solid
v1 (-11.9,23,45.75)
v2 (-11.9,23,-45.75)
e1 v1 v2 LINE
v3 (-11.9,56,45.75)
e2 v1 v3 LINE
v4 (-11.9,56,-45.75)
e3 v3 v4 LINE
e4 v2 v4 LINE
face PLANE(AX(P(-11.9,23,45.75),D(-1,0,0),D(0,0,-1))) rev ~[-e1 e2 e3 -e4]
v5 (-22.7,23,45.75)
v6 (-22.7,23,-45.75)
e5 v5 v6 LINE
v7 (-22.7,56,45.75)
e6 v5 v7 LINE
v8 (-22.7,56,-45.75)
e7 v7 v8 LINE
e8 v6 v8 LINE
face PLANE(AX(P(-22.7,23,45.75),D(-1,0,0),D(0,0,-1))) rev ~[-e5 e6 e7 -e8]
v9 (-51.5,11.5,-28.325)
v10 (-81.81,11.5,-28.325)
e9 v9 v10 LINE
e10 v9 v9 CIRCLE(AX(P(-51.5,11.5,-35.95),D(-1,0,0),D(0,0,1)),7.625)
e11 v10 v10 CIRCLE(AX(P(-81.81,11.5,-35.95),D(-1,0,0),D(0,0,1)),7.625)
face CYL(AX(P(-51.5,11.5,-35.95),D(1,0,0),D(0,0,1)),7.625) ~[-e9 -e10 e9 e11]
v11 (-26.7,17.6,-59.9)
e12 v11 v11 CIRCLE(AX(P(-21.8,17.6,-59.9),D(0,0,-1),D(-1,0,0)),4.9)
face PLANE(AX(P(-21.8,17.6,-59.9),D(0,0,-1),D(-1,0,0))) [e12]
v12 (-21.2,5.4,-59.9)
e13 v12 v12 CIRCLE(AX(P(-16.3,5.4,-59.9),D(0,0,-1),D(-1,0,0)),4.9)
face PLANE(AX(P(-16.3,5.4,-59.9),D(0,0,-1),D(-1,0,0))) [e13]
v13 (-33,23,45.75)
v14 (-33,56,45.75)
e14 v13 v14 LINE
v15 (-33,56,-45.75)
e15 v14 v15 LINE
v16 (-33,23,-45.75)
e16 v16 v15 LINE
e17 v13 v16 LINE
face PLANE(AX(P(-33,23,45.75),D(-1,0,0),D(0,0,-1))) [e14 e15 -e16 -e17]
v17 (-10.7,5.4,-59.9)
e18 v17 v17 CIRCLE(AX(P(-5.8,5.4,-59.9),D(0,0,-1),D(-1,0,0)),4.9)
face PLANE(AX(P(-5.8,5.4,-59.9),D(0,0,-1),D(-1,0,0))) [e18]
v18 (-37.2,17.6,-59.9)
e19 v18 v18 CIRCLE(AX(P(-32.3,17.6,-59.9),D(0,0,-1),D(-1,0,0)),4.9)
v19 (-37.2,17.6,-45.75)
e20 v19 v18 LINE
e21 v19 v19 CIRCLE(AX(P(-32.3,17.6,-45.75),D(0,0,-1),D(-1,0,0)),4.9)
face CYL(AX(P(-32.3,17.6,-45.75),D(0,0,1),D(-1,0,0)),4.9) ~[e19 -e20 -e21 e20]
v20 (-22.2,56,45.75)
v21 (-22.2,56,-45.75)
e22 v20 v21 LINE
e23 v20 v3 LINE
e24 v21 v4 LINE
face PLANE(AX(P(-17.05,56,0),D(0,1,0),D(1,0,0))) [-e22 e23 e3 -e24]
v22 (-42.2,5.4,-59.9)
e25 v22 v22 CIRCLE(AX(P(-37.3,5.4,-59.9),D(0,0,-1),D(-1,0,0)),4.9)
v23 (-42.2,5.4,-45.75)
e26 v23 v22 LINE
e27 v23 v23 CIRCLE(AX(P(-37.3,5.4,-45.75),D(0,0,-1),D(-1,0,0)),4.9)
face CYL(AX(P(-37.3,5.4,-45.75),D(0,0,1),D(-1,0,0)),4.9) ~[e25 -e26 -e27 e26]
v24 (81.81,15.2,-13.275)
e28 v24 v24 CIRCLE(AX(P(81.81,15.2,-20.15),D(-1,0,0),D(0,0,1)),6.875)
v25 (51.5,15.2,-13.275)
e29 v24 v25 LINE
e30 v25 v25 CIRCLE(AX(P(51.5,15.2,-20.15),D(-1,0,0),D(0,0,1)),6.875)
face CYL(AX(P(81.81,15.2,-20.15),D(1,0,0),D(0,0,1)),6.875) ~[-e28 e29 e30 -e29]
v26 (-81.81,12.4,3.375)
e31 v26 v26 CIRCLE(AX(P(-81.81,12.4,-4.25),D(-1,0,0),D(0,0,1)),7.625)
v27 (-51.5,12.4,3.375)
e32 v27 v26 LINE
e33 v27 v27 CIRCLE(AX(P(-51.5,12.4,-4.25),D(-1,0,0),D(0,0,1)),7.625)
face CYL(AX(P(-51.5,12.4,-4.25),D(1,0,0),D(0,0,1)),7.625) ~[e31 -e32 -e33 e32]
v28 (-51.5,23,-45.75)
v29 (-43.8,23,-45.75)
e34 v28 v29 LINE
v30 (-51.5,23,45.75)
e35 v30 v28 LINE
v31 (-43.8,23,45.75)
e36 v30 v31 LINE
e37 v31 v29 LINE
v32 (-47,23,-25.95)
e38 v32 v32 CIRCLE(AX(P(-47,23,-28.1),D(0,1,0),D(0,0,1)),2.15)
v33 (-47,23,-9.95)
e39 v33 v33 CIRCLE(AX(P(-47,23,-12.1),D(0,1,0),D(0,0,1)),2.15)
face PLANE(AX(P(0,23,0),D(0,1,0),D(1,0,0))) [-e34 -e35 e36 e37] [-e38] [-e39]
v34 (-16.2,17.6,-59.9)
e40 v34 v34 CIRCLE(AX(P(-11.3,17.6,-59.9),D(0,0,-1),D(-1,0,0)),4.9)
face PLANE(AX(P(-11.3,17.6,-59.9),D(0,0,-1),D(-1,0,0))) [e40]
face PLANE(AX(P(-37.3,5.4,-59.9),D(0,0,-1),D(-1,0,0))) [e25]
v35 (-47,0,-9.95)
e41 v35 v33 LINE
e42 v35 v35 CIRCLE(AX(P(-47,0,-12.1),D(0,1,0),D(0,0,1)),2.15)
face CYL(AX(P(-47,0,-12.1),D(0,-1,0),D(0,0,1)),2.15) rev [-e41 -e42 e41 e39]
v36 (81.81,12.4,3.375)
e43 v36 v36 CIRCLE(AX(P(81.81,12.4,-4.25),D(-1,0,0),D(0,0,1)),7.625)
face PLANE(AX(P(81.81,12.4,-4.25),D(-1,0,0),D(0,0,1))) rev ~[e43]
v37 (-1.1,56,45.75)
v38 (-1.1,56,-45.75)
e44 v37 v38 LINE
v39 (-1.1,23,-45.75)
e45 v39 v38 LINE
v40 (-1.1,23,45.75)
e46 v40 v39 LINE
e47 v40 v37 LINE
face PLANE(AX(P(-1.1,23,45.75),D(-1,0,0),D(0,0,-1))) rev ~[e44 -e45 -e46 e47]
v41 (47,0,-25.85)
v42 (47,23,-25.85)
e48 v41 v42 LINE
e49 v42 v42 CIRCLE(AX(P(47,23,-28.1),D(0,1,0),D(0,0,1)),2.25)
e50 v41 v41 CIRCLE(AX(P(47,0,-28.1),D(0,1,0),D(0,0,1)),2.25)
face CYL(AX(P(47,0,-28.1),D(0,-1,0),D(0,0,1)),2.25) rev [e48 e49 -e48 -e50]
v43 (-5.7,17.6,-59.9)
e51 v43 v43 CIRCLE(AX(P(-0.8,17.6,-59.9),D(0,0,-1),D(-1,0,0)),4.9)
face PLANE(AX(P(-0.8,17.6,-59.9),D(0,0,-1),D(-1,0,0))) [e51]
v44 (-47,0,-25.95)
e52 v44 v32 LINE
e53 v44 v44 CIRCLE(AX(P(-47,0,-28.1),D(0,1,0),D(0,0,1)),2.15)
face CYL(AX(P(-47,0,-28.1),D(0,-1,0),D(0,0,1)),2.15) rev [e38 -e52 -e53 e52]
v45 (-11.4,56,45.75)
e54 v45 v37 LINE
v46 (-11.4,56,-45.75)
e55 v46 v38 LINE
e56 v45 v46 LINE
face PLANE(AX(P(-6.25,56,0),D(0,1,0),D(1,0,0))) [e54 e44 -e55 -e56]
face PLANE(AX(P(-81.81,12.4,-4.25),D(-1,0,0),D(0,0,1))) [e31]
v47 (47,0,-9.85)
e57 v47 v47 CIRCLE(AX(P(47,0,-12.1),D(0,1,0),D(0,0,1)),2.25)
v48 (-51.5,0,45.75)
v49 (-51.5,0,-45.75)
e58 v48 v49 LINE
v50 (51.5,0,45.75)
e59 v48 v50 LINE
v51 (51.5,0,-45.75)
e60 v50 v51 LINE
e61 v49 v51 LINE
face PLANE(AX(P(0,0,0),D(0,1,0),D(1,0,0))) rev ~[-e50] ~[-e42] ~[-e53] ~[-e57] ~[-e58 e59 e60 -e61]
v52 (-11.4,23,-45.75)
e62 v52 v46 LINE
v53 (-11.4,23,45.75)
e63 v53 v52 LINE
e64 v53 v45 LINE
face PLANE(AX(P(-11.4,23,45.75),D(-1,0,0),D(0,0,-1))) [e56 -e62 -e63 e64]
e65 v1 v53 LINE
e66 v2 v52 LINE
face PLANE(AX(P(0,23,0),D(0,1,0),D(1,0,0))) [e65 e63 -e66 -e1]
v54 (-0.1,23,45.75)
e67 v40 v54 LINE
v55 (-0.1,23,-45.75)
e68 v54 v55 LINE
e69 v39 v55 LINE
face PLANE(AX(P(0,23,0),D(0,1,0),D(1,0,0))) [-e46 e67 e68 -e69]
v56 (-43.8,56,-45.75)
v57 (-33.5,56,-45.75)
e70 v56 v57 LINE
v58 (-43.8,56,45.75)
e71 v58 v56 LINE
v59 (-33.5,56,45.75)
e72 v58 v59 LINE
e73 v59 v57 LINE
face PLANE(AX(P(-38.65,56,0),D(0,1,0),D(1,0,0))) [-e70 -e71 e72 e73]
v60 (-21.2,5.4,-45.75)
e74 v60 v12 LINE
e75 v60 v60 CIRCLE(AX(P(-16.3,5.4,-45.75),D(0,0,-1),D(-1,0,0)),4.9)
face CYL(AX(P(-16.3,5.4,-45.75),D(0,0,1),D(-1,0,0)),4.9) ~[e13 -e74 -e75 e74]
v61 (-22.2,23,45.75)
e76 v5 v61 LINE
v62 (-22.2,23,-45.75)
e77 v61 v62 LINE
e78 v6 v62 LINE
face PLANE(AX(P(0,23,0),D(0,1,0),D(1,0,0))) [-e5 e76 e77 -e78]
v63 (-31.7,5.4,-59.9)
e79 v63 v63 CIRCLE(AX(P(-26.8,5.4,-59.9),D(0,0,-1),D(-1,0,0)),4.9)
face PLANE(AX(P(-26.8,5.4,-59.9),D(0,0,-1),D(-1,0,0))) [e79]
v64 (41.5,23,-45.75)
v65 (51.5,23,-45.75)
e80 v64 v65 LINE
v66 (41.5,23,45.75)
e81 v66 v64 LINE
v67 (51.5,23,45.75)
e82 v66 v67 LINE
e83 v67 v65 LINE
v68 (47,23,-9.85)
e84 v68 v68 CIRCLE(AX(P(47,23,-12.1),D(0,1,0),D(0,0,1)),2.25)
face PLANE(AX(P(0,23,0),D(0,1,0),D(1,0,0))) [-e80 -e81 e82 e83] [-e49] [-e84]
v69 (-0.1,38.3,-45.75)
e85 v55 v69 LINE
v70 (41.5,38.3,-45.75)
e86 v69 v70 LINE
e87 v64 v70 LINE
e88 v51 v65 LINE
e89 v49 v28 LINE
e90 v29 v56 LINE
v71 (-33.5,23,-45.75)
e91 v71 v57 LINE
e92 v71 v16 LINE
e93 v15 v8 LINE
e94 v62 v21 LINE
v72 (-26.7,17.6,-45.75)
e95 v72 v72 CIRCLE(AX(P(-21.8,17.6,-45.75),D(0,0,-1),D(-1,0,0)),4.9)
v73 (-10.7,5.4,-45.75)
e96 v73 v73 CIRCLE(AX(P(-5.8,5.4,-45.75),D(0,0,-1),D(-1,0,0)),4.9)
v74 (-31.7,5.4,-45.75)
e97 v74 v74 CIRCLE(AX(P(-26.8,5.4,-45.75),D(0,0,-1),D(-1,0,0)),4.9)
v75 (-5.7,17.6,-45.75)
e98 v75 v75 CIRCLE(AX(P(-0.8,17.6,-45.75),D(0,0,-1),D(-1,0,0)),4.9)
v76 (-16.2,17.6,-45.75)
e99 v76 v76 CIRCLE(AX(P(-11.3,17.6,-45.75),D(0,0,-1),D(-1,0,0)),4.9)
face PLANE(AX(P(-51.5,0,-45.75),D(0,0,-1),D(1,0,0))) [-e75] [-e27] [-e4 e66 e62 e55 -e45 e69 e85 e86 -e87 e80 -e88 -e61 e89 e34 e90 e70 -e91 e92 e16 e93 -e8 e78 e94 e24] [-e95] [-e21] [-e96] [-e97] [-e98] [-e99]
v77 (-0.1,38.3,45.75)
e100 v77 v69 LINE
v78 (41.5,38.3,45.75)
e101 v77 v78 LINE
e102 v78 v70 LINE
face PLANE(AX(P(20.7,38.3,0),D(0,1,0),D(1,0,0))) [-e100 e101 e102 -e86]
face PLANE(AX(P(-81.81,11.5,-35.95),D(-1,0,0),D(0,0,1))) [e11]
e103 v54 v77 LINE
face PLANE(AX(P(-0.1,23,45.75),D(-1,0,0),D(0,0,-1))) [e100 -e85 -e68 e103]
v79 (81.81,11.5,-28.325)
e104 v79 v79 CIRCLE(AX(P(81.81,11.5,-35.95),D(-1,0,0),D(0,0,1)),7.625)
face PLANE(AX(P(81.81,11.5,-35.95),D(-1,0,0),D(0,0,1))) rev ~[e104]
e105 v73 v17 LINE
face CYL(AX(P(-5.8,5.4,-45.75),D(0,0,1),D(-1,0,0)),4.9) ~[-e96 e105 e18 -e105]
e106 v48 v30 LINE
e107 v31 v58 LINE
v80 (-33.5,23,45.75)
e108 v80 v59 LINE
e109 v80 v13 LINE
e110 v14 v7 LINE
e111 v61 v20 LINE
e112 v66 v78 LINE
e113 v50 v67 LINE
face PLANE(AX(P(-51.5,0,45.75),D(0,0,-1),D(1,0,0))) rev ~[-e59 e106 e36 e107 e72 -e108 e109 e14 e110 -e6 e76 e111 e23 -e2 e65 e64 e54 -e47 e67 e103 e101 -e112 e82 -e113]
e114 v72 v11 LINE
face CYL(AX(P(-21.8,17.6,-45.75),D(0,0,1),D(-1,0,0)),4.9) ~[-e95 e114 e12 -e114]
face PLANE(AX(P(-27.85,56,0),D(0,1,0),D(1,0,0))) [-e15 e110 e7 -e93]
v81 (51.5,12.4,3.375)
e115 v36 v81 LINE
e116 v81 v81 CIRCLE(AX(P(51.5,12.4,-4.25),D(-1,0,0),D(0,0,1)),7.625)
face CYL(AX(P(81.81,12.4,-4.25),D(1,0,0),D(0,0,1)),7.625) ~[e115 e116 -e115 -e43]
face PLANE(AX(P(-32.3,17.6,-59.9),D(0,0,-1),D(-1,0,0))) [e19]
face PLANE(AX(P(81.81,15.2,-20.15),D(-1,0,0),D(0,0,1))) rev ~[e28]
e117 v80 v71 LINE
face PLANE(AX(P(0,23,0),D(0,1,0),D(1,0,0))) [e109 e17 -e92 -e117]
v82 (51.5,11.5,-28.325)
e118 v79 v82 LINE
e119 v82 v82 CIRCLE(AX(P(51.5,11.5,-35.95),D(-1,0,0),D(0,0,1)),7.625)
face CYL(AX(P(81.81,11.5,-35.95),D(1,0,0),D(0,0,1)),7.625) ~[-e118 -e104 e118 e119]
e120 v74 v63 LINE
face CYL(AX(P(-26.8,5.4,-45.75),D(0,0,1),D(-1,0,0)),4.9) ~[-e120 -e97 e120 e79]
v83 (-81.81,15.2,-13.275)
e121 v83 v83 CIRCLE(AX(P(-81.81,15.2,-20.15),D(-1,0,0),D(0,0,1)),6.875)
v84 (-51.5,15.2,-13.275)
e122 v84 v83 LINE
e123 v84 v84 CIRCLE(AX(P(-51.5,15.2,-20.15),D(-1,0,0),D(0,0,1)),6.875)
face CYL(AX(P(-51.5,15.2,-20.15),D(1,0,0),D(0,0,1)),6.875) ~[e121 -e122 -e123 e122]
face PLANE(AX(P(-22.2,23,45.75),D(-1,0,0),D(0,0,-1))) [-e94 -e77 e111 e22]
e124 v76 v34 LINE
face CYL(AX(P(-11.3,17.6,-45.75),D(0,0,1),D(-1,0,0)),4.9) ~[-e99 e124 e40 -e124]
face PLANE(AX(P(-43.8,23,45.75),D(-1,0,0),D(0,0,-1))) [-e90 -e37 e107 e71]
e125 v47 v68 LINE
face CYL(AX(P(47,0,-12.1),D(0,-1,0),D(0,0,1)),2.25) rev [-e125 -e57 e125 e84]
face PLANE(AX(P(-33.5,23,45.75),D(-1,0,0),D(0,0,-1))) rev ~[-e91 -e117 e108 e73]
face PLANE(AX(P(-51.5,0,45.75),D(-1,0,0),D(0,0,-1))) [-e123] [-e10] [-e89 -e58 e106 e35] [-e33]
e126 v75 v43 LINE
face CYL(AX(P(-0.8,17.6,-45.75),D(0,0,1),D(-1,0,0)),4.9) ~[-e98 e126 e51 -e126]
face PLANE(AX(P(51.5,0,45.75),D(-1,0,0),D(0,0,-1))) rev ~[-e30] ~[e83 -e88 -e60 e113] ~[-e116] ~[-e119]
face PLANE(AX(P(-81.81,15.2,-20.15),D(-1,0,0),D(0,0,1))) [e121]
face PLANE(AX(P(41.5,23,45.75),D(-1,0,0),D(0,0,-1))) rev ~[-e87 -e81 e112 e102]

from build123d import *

# Parameters (mm, degrees)
SKETCH1_W           = 103
SKETCH1_H           = 91.5
SKETCH1_R           = 2.15
SKETCH1_R_2         = 2.25
BOSS_EXTRUDE1_DEPTH = 23
SKETCH2_R           = 7.625
SKETCH2_R_2         = 6.875
BOSS_EXTRUDE2_DEPTH = 30.31
SKETCH4_R           = 4.9
BOSS_EXTRUDE3_DEPTH = 14.15
BOSS_EXTRUDE4_START = -133.31
SKETCH2_7_R         = 7.625
SKETCH2_7_R_2       = 6.875
BOSS_EXTRUDE4_DEPTH = 30.31
SKETCH6_W           = 41.6
SKETCH6_H           = 91.5
BOSS_EXTRUDE5_DEPTH = 15.3
SKETCH6_5_W         = 10.3
SKETCH6_5_H         = 91.5
BOSS_EXTRUDE7_DEPTH = 33


with BuildPart() as part:
    # Sketch1 → Boss-Extrude1 (new body)
    with BuildSketch(Plane(origin=(0, 0, 0), x_dir=(1, 0, 0), z_dir=(0, 1, 0))):
        Rectangle(SKETCH1_W, SKETCH1_H)
        with Locations(Location((-47, 28.1, 0), (0, 0, 270))):
            Circle(SKETCH1_R, mode=Mode.SUBTRACT)
        with Locations(Location((-47, 12.1, 0), (0, 0, 270))):
            Circle(SKETCH1_R, mode=Mode.SUBTRACT)
        with Locations(Location((47, 28.1, 0), (0, 0, 270))):
            Circle(SKETCH1_R_2, mode=Mode.SUBTRACT)
        with Locations(Location((47, 12.1, 0), (0, 0, 270))):
            Circle(SKETCH1_R_2, mode=Mode.SUBTRACT)
    extrude(amount=BOSS_EXTRUDE1_DEPTH)

    # Sketch2 → Boss-Extrude2 (add)
    with BuildSketch(Plane.ZY.offset(51.5)):
        with Locations((-35.95, 11.5)):
            Circle(SKETCH2_R)
        with Locations((-20.15, 15.2)):
            Circle(SKETCH2_R_2)
        with Locations((-4.25, 12.4)):
            Circle(SKETCH2_R)
    extrude(amount=BOSS_EXTRUDE2_DEPTH)

    # Sketch4 → Boss-Extrude3 (add)
    with BuildSketch(Plane(origin=(0, 0, -45.75), x_dir=(-1, 0, 0), z_dir=(0, 0, -1))):
        with Locations((5.8, 5.4)):
            Circle(SKETCH4_R)
        with Locations((0.8, 17.6)):
            Circle(SKETCH4_R)
        with Locations((11.3, 17.6)):
            Circle(SKETCH4_R)
        with Locations((16.3, 5.4)):
            Circle(SKETCH4_R)
        with Locations((21.8, 17.6)):
            Circle(SKETCH4_R)
        with Locations((26.8, 5.4)):
            Circle(SKETCH4_R)
        with Locations((32.3, 17.6)):
            Circle(SKETCH4_R)
        with Locations((37.3, 5.4)):
            Circle(SKETCH4_R)
    extrude(amount=BOSS_EXTRUDE3_DEPTH)

    # Sketch2<7> → Boss-Extrude4 (add)
    with BuildSketch(Plane.ZY.offset(51.5).offset(BOSS_EXTRUDE4_START)):
        with Locations((-35.95, 11.5)):
            Circle(SKETCH2_7_R)
        with Locations((-20.15, 15.2)):
            Circle(SKETCH2_7_R_2)
        with Locations((-4.25, 12.4)):
            Circle(SKETCH2_7_R)
    extrude(amount=BOSS_EXTRUDE4_DEPTH)

    # Sketch6 → Boss-Extrude5 (add)
    with BuildSketch(Plane(origin=(0, 23, 0), x_dir=(1, 0, 0), z_dir=(0, 1, 0))):
        with Locations((20.7, 0)):
            Rectangle(SKETCH6_W, SKETCH6_H)
    extrude(amount=BOSS_EXTRUDE5_DEPTH)

    # Sketch6<5> → Boss-Extrude7 (add)
    with BuildSketch(Plane(origin=(0, 23, 0), x_dir=(1, 0, 0), z_dir=(0, 1, 0))):
        with Locations((-17.05, 0)):
            Rectangle(SKETCH6_5_W, SKETCH6_5_H)
        with Locations((-6.25, 0)):
            Rectangle(SKETCH6_5_W, SKETCH6_5_H)
        with Locations((-27.85, 0)):
            Rectangle(SKETCH6_5_W, SKETCH6_5_H)
        with Locations((-38.65, 0)):
            Rectangle(SKETCH6_5_W, SKETCH6_5_H)
    extrude(amount=BOSS_EXTRUDE7_DEPTH)


solid = part.part
